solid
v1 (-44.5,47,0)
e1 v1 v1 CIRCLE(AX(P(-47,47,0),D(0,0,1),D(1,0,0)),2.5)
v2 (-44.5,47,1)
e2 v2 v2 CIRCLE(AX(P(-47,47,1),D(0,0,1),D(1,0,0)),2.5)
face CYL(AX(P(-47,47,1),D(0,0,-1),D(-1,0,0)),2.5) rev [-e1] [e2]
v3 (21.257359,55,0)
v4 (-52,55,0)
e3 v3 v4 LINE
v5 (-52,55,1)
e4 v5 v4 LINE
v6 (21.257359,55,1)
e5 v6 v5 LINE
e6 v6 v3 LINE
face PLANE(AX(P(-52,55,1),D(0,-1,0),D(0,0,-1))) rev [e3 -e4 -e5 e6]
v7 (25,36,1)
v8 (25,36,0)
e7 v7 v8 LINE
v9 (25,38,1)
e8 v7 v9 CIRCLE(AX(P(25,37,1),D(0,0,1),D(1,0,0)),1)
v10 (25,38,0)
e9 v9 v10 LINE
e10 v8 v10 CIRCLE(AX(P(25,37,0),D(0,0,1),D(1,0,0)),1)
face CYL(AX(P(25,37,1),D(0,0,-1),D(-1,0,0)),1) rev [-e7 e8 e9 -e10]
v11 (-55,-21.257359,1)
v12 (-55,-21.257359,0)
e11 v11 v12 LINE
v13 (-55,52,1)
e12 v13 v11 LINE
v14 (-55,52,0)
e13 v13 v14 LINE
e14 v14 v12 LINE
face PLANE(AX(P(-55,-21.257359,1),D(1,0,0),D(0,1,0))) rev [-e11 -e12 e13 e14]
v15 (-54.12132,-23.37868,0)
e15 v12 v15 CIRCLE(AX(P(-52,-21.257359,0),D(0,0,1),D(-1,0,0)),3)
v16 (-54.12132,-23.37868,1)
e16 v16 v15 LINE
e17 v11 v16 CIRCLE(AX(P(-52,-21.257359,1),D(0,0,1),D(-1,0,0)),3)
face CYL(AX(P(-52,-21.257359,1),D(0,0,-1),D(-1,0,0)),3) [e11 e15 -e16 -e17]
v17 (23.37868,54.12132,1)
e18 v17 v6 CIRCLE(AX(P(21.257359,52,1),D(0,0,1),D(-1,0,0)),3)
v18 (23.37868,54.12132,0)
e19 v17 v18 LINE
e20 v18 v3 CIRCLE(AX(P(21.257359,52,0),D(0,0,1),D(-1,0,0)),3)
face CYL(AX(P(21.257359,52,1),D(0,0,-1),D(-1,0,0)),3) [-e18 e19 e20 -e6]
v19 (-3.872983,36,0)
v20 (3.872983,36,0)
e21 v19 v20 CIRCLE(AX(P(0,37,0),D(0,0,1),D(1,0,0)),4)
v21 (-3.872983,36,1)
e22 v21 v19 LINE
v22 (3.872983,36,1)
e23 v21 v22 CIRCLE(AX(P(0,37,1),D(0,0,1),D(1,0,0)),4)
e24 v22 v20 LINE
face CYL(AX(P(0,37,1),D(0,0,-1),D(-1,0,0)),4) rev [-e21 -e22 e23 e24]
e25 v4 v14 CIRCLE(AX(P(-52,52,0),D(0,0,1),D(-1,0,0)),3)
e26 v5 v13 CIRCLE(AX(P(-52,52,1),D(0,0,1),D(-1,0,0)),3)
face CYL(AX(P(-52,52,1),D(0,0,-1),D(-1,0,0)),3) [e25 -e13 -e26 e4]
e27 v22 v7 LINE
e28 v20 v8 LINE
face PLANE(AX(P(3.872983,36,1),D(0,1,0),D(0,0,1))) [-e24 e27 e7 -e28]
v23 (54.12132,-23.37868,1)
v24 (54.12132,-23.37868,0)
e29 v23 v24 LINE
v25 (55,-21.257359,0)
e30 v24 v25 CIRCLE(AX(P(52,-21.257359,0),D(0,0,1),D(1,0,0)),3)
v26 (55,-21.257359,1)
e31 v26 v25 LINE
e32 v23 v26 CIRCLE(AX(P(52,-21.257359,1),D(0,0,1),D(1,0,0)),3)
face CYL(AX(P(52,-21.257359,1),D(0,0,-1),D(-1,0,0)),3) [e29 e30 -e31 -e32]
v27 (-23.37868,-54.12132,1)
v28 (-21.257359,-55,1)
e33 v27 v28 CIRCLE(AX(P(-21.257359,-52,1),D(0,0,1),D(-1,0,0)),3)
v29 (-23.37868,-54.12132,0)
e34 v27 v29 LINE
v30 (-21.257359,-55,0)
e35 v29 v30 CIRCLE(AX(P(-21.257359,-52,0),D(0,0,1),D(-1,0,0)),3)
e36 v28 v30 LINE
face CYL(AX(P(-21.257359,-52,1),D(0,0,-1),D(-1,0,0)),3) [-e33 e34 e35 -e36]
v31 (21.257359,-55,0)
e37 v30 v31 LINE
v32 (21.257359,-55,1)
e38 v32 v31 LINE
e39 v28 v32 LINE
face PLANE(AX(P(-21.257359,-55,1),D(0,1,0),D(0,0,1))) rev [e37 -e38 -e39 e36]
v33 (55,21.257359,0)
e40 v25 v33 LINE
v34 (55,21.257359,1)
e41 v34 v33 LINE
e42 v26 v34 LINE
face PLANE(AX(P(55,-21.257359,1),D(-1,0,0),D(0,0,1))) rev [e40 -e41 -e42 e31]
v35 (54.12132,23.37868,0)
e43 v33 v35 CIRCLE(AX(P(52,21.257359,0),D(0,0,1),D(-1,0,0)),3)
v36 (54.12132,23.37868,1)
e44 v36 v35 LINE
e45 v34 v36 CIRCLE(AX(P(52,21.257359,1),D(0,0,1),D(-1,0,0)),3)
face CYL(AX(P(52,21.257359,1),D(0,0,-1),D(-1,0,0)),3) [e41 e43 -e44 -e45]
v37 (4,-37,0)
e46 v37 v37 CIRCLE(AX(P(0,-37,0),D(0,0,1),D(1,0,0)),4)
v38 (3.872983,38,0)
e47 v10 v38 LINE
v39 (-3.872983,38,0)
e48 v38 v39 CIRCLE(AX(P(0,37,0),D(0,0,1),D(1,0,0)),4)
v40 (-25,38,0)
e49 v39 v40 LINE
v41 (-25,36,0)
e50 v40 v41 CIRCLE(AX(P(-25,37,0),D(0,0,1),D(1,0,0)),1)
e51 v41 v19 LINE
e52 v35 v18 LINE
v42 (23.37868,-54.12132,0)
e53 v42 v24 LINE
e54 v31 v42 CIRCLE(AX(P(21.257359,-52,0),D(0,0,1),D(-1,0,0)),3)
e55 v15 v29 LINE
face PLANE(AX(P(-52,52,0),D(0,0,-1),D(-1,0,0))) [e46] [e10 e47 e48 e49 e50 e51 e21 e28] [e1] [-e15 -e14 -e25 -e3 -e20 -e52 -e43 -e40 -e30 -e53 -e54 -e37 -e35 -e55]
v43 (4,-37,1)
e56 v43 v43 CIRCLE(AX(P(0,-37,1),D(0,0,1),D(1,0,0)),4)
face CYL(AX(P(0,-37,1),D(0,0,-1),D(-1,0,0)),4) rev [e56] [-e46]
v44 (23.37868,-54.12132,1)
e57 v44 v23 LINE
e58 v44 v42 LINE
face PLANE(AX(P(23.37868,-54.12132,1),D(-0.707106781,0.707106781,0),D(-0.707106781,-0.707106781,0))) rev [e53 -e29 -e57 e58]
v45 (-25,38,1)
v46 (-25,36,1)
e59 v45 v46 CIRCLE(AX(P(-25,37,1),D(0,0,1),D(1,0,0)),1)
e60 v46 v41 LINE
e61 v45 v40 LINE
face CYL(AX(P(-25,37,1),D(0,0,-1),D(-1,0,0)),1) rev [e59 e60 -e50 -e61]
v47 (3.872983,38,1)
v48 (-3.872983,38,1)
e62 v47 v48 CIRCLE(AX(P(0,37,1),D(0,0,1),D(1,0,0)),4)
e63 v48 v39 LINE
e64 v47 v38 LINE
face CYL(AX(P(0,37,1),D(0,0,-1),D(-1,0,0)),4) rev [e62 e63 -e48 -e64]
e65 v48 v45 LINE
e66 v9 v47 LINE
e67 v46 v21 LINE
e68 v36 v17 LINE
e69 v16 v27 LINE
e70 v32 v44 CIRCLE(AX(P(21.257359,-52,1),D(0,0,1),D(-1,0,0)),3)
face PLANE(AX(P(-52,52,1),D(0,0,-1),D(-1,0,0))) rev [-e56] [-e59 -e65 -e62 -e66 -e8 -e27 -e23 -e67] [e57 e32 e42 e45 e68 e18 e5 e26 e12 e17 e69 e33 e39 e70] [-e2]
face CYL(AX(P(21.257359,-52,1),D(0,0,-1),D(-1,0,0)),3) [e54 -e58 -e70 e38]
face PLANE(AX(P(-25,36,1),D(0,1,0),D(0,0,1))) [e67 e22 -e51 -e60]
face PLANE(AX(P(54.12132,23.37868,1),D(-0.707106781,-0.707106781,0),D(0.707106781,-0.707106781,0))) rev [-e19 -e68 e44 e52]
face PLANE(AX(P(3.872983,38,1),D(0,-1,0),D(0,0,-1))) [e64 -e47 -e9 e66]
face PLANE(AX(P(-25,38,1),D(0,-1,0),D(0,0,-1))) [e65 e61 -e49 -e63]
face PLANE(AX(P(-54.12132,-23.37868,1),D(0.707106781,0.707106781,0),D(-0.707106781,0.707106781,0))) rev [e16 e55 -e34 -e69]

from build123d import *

# Parameters (mm, degrees)
SKETCH1_R           = 2.5
SKETCH1_R_2         = 4
BOSS_EXTRUDE1_DEPTH = 1


with BuildPart() as part:
    # Sketch1 → Boss-Extrude1 (new body)
    with BuildSketch(Plane.XY):
        with BuildLine():
            Line((55, -21.257359313), (55, 21.257359313))
            ThreePointArc((55, 21.257359313), (54.771638598, 22.40540961), (54.121320344, 23.378679656))
            Line((54.121320344, 23.378679656), (23.378679656, 54.121320344))
            ThreePointArc((23.378679656, 54.121320344), (22.40540961, 54.771638598), (21.257359313, 55))
            Line((21.257359313, 55), (-52, 55))
            ThreePointArc((-52, 55), (-54.121320344, 54.121320344), (-55, 52))
            Line((-55, 52), (-55, -21.257359313))
            ThreePointArc((-55, -21.257359313), (-54.771638598, -22.40540961), (-54.121320344, -23.378679656))
            Line((-54.121320344, -23.378679656), (-23.378679656, -54.121320344))
            ThreePointArc((-23.378679656, -54.121320344), (-22.40540961, -54.771638598), (-21.257359313, -55))
            Line((-21.257359313, -55), (21.257359313, -55))
            ThreePointArc((21.257359313, -55), (22.40540961, -54.771638598), (23.378679656, -54.121320344))
            Line((23.378679656, -54.121320344), (54.121320344, -23.378679656))
            ThreePointArc((54.121320344, -23.378679656), (54.771638598, -22.40540961), (55, -21.257359313))
        make_face()
        with Locations((-47, 47)):
            Circle(SKETCH1_R, mode=Mode.SUBTRACT)
        with Locations((0, -37)):
            Circle(SKETCH1_R_2, mode=Mode.SUBTRACT)
        with BuildLine():
            Line((-25, 38), (-3.872983346, 38))
            ThreePointArc((-3.872983346, 38), (0, 41), (3.872983346, 38))
            Line((3.872983346, 38), (25, 38))
            ThreePointArc((25, 38), (26, 37), (25, 36))
            Line((25, 36), (3.872983346, 36))
            ThreePointArc((3.872983346, 36), (0, 33), (-3.872983346, 36))
            Line((-3.872983346, 36), (-25, 36))
            ThreePointArc((-25, 36), (-26, 37), (-25, 38))
        make_face(mode=Mode.SUBTRACT)
    extrude(amount=BOSS_EXTRUDE1_DEPTH)


solid = part.part
